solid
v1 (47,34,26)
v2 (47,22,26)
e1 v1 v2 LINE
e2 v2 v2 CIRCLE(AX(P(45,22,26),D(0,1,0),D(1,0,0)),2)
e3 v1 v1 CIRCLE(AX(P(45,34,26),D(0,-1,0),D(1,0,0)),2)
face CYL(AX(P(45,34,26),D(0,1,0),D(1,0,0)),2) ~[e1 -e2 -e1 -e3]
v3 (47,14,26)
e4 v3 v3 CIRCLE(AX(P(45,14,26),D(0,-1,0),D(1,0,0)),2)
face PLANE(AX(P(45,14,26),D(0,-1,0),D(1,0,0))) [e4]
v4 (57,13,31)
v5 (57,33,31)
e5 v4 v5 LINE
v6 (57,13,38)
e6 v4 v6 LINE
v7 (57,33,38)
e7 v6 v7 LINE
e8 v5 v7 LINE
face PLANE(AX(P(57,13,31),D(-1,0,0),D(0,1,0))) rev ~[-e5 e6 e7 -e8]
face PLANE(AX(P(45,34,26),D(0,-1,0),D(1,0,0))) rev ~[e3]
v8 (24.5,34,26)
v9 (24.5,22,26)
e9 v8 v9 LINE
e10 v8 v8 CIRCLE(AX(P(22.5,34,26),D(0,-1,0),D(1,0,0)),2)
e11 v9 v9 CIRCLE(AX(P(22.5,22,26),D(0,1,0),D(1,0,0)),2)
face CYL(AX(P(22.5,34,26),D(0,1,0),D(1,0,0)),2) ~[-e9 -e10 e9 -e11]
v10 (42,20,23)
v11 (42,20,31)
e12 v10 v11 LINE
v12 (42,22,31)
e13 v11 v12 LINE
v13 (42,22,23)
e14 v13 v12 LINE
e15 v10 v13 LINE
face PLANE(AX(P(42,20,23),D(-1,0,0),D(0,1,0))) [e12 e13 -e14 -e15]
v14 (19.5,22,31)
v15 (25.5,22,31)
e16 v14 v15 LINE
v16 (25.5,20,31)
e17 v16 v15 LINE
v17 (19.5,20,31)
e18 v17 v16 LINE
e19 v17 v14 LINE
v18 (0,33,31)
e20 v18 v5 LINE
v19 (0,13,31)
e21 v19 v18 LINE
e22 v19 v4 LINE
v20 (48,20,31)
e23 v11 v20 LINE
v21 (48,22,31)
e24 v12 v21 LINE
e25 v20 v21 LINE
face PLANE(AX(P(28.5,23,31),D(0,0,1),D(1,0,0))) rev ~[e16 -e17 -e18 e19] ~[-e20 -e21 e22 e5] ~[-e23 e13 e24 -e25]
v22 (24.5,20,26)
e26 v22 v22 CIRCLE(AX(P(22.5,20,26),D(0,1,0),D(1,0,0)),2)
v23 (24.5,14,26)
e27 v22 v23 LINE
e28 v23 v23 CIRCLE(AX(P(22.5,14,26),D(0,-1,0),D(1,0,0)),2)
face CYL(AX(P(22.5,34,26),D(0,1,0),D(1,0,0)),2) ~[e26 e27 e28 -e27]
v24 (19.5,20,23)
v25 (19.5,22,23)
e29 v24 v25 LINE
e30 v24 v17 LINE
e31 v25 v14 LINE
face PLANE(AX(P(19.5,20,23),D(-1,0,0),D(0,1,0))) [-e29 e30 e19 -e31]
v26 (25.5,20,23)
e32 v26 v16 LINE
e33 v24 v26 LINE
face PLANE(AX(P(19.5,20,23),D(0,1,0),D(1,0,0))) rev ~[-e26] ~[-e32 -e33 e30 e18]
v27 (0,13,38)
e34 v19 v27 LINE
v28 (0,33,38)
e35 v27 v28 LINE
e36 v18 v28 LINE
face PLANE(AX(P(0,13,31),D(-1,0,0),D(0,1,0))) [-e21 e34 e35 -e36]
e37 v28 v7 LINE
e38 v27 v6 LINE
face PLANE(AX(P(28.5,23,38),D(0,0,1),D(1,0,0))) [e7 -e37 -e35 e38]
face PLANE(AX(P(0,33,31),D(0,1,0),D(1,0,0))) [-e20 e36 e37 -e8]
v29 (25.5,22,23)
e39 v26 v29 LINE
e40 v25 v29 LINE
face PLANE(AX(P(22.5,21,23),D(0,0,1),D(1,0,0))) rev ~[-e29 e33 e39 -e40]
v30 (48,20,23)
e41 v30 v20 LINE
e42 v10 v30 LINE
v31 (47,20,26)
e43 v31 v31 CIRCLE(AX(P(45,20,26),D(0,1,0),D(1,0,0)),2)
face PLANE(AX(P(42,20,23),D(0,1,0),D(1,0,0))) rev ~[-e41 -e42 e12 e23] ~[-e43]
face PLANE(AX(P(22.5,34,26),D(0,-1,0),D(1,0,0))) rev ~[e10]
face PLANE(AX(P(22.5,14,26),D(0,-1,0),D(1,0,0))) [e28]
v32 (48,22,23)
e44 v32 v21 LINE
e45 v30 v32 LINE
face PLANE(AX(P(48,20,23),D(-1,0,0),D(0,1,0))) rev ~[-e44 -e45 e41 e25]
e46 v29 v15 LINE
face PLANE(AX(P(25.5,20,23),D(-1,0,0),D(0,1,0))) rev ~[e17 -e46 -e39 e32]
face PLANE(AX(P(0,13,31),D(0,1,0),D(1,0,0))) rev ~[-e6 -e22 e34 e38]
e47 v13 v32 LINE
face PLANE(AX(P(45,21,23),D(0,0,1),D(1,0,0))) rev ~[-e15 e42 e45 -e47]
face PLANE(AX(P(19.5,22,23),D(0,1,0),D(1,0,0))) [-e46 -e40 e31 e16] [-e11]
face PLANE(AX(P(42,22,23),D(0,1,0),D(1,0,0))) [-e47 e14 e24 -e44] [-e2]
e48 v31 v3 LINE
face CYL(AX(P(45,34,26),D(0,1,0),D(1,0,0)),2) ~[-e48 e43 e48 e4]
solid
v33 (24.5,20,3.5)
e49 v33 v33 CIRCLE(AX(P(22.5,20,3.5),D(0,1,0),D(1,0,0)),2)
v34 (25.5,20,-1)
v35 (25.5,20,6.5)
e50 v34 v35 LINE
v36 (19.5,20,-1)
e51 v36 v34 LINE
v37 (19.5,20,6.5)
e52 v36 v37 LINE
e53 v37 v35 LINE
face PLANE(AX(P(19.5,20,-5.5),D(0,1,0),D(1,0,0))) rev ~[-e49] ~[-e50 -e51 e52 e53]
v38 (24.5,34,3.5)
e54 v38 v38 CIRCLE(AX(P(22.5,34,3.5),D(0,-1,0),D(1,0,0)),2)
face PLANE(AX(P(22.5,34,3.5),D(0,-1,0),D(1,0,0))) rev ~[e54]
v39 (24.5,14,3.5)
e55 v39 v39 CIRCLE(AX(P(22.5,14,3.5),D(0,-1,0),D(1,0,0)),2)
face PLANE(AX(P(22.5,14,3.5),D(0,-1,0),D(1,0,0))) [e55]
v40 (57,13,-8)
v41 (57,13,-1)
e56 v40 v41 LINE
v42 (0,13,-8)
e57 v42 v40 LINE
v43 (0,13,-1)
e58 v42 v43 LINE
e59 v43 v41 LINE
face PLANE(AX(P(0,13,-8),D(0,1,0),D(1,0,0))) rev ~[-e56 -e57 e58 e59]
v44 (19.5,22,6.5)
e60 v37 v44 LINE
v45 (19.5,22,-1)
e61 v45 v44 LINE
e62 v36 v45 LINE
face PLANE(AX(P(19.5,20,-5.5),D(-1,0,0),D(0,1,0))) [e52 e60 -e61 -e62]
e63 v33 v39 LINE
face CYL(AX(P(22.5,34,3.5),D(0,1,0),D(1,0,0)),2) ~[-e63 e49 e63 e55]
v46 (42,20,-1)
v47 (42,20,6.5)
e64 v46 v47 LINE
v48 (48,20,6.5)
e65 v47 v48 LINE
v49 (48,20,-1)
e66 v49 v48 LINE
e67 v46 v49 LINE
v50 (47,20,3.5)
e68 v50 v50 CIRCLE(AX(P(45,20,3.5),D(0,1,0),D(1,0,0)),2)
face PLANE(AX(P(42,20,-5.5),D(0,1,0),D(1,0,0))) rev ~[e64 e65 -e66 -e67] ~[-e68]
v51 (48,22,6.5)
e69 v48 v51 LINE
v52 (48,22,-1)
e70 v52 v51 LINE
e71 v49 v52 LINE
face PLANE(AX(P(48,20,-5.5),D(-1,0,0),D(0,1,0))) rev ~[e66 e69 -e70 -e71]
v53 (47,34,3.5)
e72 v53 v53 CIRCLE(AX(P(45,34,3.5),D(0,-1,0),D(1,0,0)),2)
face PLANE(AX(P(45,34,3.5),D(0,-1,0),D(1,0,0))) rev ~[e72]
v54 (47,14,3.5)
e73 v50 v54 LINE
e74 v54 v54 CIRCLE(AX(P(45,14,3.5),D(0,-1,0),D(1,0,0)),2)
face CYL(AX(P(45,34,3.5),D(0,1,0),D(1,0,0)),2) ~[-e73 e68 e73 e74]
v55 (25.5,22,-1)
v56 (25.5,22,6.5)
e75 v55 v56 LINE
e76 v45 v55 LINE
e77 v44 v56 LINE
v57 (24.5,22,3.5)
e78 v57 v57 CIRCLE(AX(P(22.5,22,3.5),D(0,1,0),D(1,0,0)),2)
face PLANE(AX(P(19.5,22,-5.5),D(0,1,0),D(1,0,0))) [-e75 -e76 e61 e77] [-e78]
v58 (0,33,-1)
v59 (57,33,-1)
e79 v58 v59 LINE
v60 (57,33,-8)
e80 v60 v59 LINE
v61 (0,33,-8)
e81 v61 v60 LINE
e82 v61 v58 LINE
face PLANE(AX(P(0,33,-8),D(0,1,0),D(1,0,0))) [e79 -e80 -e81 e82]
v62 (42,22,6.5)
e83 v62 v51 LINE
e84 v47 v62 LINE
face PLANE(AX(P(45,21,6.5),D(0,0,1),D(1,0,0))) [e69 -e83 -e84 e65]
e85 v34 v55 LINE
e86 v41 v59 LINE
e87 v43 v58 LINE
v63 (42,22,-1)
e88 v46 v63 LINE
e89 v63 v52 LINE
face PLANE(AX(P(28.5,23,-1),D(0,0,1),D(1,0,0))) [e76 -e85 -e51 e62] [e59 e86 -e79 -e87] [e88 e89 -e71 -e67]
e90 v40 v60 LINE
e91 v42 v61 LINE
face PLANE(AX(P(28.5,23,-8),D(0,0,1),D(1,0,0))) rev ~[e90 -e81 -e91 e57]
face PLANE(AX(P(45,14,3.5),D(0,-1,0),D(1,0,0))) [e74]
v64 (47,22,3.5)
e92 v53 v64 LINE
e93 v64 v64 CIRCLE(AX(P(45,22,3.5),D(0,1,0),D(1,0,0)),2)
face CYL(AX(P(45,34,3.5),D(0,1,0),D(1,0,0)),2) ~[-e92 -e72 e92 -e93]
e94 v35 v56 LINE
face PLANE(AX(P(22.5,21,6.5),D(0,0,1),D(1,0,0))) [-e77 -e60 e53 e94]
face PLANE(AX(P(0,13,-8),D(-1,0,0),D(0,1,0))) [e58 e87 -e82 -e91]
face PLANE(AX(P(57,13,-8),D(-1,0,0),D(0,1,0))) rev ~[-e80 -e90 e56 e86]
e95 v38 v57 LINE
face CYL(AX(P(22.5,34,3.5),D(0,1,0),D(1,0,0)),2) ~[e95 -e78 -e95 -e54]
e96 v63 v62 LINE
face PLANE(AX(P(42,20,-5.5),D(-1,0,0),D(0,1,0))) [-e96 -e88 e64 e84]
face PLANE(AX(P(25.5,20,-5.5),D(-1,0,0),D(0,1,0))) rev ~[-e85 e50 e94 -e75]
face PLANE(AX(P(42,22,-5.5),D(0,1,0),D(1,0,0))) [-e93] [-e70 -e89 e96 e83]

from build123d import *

# Parameters (mm, degrees)
BOX052_W                = 57
BOX052_H                = 20
BOX052_DEPTH            = 7
BOX051_W                = 57
BOX051_H                = 20
BOX051_DEPTH            = 7
BOX048_W                = 6
BOX048_H                = 2
BOX048_DEPTH            = 12
BOX049_W                = 6
BOX049_H                = 2
BOX049_DEPTH            = 12
BOX050_W                = 6
BOX050_H                = 2
BOX050_DEPTH            = 12
BOX047_W                = 6
BOX047_H                = 2
BOX047_DEPTH            = 12
CYLINDER086_R           = 2
CYLINDER086_DEPTH       = 20
CYLINDER087_R           = 2
CYLINDER087_DEPTH       = 20
CYLINDER085_R           = 2
CYLINDER085_DEPTH       = 20
CYLINDER084_R           = 2
CYLINDER084_DEPTH       = 20
FUSION026029_ROLL_ANGLE = 90


with BuildPart() as w_rfel051:
    # Box052 → Box052 (new body)
    with BuildSketch(Plane(origin=(0, 13, 31), x_dir=(1, 0, 0), z_dir=(0, 0, 1))):
        with Locations((28.5, 10)):
            Rectangle(BOX052_W, BOX052_H)
    extrude(amount=BOX052_DEPTH)


with BuildPart() as sidecut:
    # Box051 → Box051 (new body)
    with BuildSketch(Plane(origin=(0, 13, -8), x_dir=(1, 0, 0), z_dir=(0, 0, 1))):
        with Locations((28.5, 10)):
            Rectangle(BOX051_W, BOX051_H)
    extrude(amount=BOX051_DEPTH)

    # Fusion026036: union Würfel051
    add(w_rfel051.part)


with BuildPart() as w_rfel047:
    # Box048 → Box048 (new body)
    with BuildSketch(Plane(origin=(42, -4, -5.5), x_dir=(1, 0, 0), z_dir=(0, 0, 1))):
        with Locations((3, 1)):
            Rectangle(BOX048_W, BOX048_H)
    extrude(amount=BOX048_DEPTH)


with BuildPart() as w_rfel048:
    # Box049 → Box049 (new body)
    with BuildSketch(Plane(origin=(19.5, -4, -5.5), x_dir=(1, 0, 0), z_dir=(0, 0, 1))):
        with Locations((3, 1)):
            Rectangle(BOX049_W, BOX049_H)
    extrude(amount=BOX049_DEPTH)


with BuildPart() as w_rfel049:
    # Box050 → Box050 (new body)
    with BuildSketch(Plane(origin=(42, -4, 23), x_dir=(1, 0, 0), z_dir=(0, 0, 1))):
        with Locations((3, 1)):
            Rectangle(BOX050_W, BOX050_H)
    extrude(amount=BOX050_DEPTH)


with BuildPart() as mutterschlitz:
    # Box047 → Box047 (new body)
    with BuildSketch(Plane(origin=(19.5, -4, 23), x_dir=(1, 0, 0), z_dir=(0, 0, 1))):
        with Locations((3, 1)):
            Rectangle(BOX047_W, BOX047_H)
    extrude(amount=BOX047_DEPTH)

    # Fusion026034: union Würfel047, Würfel048, Würfel049
    add(w_rfel047.part)
    add(w_rfel048.part)
    add(w_rfel049.part)


with BuildPart() as zylinder077:
    # Cylinder086 → Cylinder086 (new body)
    with BuildSketch(Plane(origin=(19, 14, 0), x_dir=(1, 0, 0), z_dir=(0, 0, 1))):
        Circle(CYLINDER086_R)
    extrude(amount=CYLINDER086_DEPTH)


with BuildPart() as zylinder078:
    # Cylinder087 → Cylinder087 (new body)
    with BuildSketch(Plane(origin=(19, 36.5, 0), x_dir=(1, 0, 0), z_dir=(0, 0, 1))):
        Circle(CYLINDER087_R)
    extrude(amount=CYLINDER087_DEPTH)


with BuildPart() as zylinder076:
    # Cylinder085 → Cylinder085 (new body)
    with BuildSketch(Plane(origin=(-3.5, 36.5, 0), x_dir=(1, 0, 0), z_dir=(0, 0, 1))):
        Circle(CYLINDER085_R)
    extrude(amount=CYLINDER085_DEPTH)


with BuildPart() as fullcut:
    # Cylinder084 → Cylinder084 (new body)
    with BuildSketch(Plane(origin=(-3.5, 14, 0), x_dir=(1, 0, 0), z_dir=(0, 0, 1))):
        Circle(CYLINDER084_R)
    extrude(amount=CYLINDER084_DEPTH)

    # Fusion026029: union Zylinder077, Zylinder078, Zylinder076
    add(zylinder077.part)
    add(zylinder078.part)
    add(zylinder076.part)


with BuildPart() as fullcut_1:
    # Fusion026029 roll: moved
    add(fullcut.part.rotate(Axis((0, 0, 0), (1, 0, 0)), FUSION026029_ROLL_ANGLE))


with BuildPart() as fullcut_2:
    # Fusion026029 placement: moved
    add(fullcut_1.part.moved(Location((26, 10, -10.5))))

    # Fusion026035: union MutterSchlitz
    add(mutterschlitz.part)


with BuildPart() as fullcut_3:
    # Fusion026035 placement: moved
    add(fullcut_2.part.moved(Location((0, 24, 0))))

    # Fusion026037: union SideCut
    add(sidecut.part)


solid = fullcut_3.part
